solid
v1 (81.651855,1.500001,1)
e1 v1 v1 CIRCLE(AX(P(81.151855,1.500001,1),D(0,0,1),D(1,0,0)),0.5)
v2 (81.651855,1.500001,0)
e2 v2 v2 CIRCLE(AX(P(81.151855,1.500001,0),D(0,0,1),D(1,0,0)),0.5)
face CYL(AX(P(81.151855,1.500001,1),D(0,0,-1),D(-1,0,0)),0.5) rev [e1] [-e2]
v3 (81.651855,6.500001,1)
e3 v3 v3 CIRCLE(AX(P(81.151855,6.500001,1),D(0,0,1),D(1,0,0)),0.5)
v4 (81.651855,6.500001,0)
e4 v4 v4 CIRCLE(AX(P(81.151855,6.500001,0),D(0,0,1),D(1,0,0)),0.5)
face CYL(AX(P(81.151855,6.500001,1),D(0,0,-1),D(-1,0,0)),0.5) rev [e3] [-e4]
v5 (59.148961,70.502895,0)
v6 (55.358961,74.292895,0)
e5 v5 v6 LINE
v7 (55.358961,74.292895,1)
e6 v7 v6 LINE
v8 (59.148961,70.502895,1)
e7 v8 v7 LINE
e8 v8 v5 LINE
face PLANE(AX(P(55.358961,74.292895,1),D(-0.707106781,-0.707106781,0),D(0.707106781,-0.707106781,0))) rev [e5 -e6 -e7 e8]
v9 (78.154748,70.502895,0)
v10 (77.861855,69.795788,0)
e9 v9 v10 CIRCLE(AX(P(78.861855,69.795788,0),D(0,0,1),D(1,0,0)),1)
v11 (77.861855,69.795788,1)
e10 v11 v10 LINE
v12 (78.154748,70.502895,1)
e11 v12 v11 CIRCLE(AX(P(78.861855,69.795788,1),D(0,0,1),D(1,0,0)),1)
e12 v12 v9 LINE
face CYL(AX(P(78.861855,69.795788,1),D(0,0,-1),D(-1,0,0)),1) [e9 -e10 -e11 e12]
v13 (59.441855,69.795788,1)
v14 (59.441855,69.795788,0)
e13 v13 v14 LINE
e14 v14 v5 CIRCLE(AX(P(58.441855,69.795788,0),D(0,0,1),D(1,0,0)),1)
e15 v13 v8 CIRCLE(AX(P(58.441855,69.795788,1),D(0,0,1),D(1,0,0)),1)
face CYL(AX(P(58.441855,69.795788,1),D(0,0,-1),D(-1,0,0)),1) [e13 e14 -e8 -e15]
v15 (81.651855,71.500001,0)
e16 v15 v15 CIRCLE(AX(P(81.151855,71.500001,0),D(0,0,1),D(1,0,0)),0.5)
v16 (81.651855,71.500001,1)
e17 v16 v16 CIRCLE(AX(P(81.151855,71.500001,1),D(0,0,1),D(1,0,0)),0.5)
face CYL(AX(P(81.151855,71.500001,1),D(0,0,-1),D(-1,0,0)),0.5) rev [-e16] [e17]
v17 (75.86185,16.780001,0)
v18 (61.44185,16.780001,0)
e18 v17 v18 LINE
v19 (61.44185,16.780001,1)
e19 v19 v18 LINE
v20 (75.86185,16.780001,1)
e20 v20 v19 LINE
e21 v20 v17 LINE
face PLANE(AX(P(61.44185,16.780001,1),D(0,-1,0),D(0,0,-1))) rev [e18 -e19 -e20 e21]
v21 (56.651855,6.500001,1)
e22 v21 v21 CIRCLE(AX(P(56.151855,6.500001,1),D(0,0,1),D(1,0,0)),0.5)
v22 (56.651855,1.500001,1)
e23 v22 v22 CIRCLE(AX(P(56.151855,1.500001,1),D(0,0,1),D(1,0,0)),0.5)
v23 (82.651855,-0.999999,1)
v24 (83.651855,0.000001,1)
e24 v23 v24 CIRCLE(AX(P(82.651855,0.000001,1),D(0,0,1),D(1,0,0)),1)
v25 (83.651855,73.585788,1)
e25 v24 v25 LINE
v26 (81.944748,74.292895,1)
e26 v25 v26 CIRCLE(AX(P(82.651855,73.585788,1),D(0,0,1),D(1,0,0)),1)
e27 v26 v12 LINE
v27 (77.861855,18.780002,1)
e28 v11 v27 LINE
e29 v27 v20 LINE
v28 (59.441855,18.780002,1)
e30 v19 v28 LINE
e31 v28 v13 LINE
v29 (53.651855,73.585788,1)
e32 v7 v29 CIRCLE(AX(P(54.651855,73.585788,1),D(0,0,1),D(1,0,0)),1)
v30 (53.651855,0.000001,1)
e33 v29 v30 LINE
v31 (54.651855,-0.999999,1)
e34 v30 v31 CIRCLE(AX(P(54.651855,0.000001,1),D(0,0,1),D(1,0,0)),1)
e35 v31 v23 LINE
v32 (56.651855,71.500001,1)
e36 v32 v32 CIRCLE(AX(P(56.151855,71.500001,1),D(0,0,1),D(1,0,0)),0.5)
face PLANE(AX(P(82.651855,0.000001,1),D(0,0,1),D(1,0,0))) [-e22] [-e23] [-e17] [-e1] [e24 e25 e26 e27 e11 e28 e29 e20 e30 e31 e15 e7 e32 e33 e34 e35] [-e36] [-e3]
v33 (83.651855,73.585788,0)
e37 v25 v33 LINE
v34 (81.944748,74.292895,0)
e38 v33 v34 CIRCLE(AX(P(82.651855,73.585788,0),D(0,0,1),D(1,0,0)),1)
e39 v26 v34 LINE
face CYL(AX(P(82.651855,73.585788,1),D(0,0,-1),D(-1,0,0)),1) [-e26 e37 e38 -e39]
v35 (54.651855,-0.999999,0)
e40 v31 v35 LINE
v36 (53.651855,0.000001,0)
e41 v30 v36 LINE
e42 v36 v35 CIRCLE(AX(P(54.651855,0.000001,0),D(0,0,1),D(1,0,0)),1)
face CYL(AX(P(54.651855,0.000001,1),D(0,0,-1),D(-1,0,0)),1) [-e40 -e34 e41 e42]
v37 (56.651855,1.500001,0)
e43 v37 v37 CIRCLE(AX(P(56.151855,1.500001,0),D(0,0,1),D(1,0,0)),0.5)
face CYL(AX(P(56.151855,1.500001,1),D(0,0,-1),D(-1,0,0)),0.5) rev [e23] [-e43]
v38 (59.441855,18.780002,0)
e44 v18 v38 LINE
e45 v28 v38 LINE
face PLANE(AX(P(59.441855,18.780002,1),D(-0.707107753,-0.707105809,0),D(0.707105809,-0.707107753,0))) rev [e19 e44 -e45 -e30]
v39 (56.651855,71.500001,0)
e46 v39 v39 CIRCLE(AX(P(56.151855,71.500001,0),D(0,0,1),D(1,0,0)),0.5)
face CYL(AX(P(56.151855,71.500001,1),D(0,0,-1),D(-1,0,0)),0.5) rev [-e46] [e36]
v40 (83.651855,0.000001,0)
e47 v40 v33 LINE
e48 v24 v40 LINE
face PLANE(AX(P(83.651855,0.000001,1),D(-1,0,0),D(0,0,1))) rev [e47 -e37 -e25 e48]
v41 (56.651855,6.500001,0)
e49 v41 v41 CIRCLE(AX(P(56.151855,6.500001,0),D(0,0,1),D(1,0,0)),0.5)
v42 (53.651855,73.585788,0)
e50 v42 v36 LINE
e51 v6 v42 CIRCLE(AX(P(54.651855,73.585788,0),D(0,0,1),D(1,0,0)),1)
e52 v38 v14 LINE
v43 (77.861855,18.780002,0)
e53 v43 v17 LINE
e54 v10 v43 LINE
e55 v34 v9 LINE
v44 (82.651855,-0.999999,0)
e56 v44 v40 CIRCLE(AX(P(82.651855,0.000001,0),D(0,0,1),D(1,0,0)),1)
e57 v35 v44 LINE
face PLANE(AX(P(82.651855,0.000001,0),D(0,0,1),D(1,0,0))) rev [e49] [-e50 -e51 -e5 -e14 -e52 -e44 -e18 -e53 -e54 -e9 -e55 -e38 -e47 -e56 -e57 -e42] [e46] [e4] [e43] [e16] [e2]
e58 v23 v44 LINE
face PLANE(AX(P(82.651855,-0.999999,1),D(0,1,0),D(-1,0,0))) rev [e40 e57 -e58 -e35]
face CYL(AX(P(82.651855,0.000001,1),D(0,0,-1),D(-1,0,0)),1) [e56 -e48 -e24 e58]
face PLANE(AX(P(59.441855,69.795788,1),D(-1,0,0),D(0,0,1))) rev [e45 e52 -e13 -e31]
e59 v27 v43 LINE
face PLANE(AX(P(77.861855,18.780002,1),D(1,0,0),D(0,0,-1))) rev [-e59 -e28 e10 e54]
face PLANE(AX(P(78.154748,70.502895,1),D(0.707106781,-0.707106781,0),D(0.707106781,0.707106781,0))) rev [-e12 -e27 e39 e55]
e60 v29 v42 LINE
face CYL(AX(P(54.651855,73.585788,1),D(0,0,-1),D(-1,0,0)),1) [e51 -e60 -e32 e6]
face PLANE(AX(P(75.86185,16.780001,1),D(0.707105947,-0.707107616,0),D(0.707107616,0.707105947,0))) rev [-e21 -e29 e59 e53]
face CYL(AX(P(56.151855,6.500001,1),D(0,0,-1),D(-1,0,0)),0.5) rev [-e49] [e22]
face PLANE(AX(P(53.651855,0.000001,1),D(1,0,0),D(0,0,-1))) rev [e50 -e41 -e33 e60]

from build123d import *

# Parameters (mm, degrees)
MODEL_R             = 0.5
BOSS_EXTRUDE1_DEPTH = 1


with BuildPart() as part:
    # Model → Boss-Extrude1 (new body)
    with BuildSketch(Plane.XY):
        with BuildLine():
            Line((82.651854623, -0.999998655), (54.651854623, -0.999998655))
            ThreePointArc((54.651854623, -0.999998655), (53.944747842, -0.707105436), (53.651854623, 1.345e-06))
            Line((53.651854623, 1.345e-06), (53.651854623, 73.585787783))
            ThreePointArc((53.651854623, 73.585787783), (54.26917119, 74.509667315), (55.358961404, 74.292894564))
            Line((55.358961404, 74.292894564), (59.148961404, 70.502894564))
            ThreePointArc((59.148961404, 70.502894564), (59.365734155, 70.178471215), (59.441854623, 69.795787783))
            Line((59.441854623, 69.795787783), (59.441854623, 18.780001734))
            Line((59.441854623, 18.780001734), (61.441849513, 16.780001345))
            Line((61.441849513, 16.780001345), (75.861849513, 16.780001345))
            Line((75.861849513, 16.780001345), (77.861854623, 18.780001734))
            Line((77.861854623, 18.780001734), (77.861854623, 69.795787783))
            ThreePointArc((77.861854623, 69.795787783), (77.93797509, 70.178471215), (78.154747842, 70.502894564))
            Line((78.154747842, 70.502894564), (81.944747842, 74.292894564))
            ThreePointArc((81.944747842, 74.292894564), (83.034538055, 74.509667315), (83.651854623, 73.585787783))
            Line((83.651854623, 73.585787783), (83.651854623, 1.345e-06))
            ThreePointArc((83.651854623, 1.345e-06), (83.358961404, -0.707105436), (82.651854623, -0.999998655))
        make_face()
        with Locations((56.151854623, 6.500001345)):
            Circle(MODEL_R, mode=Mode.SUBTRACT)
        with Locations((56.151854623, 71.500001345)):
            Circle(MODEL_R, mode=Mode.SUBTRACT)
        with Locations((81.151854623, 6.500001345)):
            Circle(MODEL_R, mode=Mode.SUBTRACT)
        with Locations((81.151854623, 71.500001345)):
            Circle(MODEL_R, mode=Mode.SUBTRACT)
        with Locations((56.151854623, 1.500001345)):
            Circle(MODEL_R, mode=Mode.SUBTRACT)
        with Locations((81.151854623, 1.500001345)):
            Circle(MODEL_R, mode=Mode.SUBTRACT)
    extrude(amount=BOSS_EXTRUDE1_DEPTH)


solid = part.part
